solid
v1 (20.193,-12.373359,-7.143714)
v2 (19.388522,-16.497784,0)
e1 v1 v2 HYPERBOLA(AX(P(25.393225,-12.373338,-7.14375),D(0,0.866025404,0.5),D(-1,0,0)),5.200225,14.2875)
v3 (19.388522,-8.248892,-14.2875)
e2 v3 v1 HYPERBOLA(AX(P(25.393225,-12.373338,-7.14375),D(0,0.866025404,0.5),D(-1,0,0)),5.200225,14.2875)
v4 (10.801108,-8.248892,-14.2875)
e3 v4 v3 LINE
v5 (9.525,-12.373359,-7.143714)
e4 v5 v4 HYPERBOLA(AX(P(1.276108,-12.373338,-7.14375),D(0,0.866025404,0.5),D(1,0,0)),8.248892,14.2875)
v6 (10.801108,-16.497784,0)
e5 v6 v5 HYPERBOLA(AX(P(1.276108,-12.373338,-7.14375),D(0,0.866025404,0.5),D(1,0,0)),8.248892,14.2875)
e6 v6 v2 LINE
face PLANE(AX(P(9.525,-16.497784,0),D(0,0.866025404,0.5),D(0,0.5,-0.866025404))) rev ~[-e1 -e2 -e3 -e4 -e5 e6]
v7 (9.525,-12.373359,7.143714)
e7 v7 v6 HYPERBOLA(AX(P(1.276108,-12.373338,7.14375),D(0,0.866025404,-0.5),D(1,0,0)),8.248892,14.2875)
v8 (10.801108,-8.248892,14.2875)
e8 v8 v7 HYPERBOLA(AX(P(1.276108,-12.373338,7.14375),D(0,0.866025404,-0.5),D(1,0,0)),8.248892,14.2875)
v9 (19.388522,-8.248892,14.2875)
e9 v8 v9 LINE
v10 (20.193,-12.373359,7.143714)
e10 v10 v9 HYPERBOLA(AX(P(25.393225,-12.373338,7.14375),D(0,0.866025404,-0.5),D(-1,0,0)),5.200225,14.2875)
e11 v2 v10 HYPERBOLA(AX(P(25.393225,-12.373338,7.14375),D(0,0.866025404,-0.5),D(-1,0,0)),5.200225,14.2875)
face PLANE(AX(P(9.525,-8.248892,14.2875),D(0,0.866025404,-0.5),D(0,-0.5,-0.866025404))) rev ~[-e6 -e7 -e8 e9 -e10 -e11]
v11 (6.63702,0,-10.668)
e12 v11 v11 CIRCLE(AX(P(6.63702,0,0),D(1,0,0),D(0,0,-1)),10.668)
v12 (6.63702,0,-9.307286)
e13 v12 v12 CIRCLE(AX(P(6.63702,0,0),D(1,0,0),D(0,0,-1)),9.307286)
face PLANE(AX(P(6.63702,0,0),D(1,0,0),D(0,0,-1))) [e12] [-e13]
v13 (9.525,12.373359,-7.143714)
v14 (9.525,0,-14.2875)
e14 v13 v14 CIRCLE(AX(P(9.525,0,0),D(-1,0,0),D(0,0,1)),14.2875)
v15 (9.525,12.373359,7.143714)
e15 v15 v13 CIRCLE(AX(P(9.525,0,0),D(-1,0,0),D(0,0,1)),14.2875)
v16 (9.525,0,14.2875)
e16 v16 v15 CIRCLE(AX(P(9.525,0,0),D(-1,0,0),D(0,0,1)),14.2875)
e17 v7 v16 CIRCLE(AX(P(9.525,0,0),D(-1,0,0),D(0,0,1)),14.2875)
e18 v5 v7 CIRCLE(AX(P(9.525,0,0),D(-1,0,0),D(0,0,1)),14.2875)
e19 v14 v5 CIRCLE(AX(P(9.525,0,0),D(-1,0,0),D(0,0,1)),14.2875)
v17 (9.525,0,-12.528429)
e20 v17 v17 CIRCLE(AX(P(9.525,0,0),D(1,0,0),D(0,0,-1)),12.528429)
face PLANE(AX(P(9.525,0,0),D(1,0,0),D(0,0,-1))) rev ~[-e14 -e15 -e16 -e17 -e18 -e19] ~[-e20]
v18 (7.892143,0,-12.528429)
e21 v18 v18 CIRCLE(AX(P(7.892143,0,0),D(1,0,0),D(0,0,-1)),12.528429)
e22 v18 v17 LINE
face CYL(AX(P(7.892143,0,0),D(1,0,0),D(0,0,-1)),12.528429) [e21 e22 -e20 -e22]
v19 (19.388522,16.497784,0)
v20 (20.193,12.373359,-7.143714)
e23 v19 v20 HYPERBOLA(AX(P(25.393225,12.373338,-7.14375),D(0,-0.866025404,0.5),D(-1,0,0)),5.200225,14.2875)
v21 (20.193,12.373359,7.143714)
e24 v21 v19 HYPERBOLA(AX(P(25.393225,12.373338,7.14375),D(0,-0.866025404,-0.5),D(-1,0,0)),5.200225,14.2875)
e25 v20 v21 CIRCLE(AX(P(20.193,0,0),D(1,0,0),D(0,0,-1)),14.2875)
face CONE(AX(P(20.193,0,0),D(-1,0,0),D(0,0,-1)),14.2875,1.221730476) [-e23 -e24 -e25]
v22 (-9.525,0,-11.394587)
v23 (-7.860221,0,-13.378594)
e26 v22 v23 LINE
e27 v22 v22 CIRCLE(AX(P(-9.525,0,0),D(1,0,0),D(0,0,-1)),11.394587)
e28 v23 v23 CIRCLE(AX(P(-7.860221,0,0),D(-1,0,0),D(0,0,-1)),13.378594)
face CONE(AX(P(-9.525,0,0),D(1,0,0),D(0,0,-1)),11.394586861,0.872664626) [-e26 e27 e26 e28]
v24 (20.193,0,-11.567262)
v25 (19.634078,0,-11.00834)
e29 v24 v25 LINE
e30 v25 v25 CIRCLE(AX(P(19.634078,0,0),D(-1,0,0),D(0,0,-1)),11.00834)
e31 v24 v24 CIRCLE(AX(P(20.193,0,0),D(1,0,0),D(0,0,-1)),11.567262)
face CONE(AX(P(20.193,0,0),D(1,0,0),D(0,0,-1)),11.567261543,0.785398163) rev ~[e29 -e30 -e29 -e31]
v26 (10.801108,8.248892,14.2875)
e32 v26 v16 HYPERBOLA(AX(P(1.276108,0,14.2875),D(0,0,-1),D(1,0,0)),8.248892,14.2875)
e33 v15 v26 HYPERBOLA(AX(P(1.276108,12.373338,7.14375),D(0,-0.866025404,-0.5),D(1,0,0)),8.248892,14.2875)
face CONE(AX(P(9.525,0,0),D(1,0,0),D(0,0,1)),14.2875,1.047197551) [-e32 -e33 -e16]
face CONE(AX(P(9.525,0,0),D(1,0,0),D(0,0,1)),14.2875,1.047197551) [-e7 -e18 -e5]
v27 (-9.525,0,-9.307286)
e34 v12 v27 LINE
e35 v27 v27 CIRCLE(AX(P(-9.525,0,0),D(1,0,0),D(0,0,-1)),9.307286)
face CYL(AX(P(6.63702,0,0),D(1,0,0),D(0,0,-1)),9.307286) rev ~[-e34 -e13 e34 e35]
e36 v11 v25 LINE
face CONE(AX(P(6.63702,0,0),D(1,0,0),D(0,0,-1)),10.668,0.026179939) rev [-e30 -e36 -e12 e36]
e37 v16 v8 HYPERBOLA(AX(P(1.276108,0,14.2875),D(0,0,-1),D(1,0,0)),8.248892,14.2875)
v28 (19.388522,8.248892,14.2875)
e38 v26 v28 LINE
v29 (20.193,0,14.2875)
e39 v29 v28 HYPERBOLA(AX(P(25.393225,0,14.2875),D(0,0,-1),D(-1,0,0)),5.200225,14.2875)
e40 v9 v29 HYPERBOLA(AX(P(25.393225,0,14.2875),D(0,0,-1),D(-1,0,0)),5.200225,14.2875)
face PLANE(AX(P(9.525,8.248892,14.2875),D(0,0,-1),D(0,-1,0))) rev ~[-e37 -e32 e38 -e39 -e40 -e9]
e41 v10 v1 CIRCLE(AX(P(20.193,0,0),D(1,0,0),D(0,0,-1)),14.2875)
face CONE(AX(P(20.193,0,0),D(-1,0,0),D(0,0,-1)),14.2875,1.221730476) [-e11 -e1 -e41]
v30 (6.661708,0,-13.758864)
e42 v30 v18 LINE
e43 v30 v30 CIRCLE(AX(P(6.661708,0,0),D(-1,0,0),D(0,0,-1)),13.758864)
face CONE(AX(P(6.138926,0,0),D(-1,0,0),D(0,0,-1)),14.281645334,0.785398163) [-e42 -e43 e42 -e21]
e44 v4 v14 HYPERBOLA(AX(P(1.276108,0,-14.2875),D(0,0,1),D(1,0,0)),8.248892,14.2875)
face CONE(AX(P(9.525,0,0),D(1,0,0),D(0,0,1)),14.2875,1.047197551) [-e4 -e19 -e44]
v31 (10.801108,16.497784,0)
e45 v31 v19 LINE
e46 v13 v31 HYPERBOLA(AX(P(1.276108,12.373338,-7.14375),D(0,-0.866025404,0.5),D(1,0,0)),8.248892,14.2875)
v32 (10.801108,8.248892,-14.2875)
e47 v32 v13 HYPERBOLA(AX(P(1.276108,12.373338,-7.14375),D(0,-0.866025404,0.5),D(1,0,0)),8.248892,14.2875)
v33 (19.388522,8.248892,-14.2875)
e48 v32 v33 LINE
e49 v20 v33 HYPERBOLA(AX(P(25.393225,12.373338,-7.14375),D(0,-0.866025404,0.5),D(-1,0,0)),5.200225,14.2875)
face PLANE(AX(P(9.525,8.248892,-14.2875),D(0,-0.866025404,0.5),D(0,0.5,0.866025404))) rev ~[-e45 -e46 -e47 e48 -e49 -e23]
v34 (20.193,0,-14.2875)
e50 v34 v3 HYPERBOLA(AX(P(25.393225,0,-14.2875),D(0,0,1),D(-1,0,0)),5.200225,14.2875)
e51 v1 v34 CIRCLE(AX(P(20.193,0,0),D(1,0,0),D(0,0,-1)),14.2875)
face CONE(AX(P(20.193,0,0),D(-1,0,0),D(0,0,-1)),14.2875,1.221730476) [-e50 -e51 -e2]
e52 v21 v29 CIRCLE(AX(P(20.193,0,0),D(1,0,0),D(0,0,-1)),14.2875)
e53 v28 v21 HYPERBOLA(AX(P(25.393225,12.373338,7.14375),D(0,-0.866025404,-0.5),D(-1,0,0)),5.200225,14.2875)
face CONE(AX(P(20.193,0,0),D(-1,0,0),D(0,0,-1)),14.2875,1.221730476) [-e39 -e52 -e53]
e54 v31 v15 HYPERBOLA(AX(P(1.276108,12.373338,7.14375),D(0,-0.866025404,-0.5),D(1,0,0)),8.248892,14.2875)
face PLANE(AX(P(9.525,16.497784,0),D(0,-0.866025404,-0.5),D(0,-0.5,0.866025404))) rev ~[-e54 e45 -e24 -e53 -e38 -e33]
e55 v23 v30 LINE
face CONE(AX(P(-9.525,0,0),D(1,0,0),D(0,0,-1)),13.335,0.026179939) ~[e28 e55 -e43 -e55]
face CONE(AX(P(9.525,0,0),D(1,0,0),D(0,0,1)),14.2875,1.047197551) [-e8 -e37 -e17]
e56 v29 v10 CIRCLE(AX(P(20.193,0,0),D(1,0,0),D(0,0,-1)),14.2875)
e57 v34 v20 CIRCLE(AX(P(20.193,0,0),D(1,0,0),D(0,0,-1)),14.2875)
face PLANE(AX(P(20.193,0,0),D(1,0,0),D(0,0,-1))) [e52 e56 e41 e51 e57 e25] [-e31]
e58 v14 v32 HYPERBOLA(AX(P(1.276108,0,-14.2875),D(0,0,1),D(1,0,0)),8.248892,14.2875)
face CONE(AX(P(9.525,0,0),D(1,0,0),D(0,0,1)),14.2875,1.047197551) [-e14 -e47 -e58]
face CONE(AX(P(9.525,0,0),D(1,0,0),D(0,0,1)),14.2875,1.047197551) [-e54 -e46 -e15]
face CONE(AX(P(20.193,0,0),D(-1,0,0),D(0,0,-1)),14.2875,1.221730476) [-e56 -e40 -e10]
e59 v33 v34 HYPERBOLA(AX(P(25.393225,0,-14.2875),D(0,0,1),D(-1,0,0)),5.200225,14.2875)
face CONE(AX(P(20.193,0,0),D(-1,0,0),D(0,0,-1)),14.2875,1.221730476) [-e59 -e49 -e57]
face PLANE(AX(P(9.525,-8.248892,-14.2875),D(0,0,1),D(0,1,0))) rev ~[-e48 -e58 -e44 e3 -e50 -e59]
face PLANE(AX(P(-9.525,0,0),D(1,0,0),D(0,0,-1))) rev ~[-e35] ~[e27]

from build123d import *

# Parameters (mm, degrees)
SKETCH2_R          = 13.335
EXTRUDE1_DEPTH     = 19.05
EXTRUDE1_DRAFT     = -1.5
EXTRUDE2_DEPTH     = 10.668
SKETCH4_OUTSIDE_W  = 249.236
SKETCH4_OUTSIDE_H  = 253.656
SKETCH4_OUTSIDE_R  = 14.2875
CUT_EXTRUDE1_DEPTH = 37.870978496
CUT_EXTRUDE1_DRAFT = -70
SKETCH23_OUTSIDE_W = 144.954
SKETCH23_OUTSIDE_H = 149.374
SKETCH23_OUTSIDE_R = 14.2875
CUT_EXTRUDE7_DEPTH = 29.969156551
CUT_EXTRUDE7_DRAFT = -60
SKETCH15_R         = 10.668
CUT_EXTRUDE2_DEPTH = 28.15732722
CUT_EXTRUDE2_DRAFT = -1.5
SKETCH17_R         = 9.307285714
CUT_EXTRUDE3_DEPTH = 28.15732722
SKETCH18_R         = 11.567261543
CUT_EXTRUDE6_DEPTH = 6.35
CUT_EXTRUDE6_DRAFT = -45


with BuildPart() as part:
    # Sketch2 → Extrude1 (with draft: the straight prism first)
    with BuildSketch(Plane(origin=(-9.525, 0, 0), x_dir=(0, 0, -1), z_dir=(1, 0, 0))):
        Circle(SKETCH2_R)
    extrude(amount=EXTRUDE1_DEPTH)
    # Extrude1: the draft: its side faces are tilted about the plane it starts from
    extrude1_sides = [part.faces().sort_by_distance(p)[0] for p in [
        (0, 0, 13.335),
    ]]
    draft(extrude1_sides, Plane(origin=(-9.525, 0, 0), x_dir=(0, 0, -1), z_dir=(1, 0, 0)), EXTRUDE1_DRAFT)

    # Sketch8 → Cut-Revolve1 (revolve, cut)
    with BuildSketch(Plane.XY, mode=Mode.PRIVATE) as cut_revolve1_sk:
        Polygon((-9.525, 14.281645334), (-9.525, 11.394586861), (-7.1024703, 14.281645334), align=None)
        Polygon((9.525, 12.528428667), (9.525, 14.281645334), (6.13892619, 14.281645334), (7.892142857, 12.528428667), align=None)
    revolve(cut_revolve1_sk.sketch.rotate(Axis((-9.525, 0, 0), (1, 0, 0)), 270), axis=Axis((-9.525, 0, 0), (1, 0, 0)), mode=Mode.SUBTRACT)

    # Sketch3 → Extrude2 (add)
    with BuildSketch(Plane(origin=(9.525, 0, 0), x_dir=(0, 0, -1), z_dir=(1, 0, 0))):
        Polygon((14.2875, 8.248891971), (0, 16.497783942), (-14.2875, 8.248891971), (-14.2875, -8.248891971), (0, -16.497783942), (14.2875, -8.248891971), align=None)
    extrude(amount=EXTRUDE2_DEPTH)


with BuildPart() as cut_extrude1_tool:
    # Sketch4 outside → Cut-Extrude1 (with draft: the straight prism first)
    with BuildSketch(Plane(origin=(20.193, 0, 0), x_dir=(0, 0, -1), z_dir=(1, 0, 0))):
        Rectangle(SKETCH4_OUTSIDE_W, SKETCH4_OUTSIDE_H)
        Circle(SKETCH4_OUTSIDE_R, mode=Mode.SUBTRACT)
    extrude(amount=-CUT_EXTRUDE1_DEPTH)
    # Cut-Extrude1: the draft: its side faces are tilted about the plane it starts from
    cut_extrude1_sides = [cut_extrude1_tool.faces().sort_by_distance(p)[0] for p in [
        (1.257510752, -126.828, 0),
        (1.257510752, 0, -124.618),
        (1.257510752, 126.828, 0),
        (1.257510752, 0, 124.618),
        (1.257510752, 0, 14.2875),
    ]]
    draft(cut_extrude1_sides, Plane(origin=(20.193, 0, 0), x_dir=(0, 0, -1), z_dir=(1, 0, 0)), CUT_EXTRUDE1_DRAFT)


with BuildPart() as part_1:
    add(part.part)

    # Cut-Extrude1: cut by cut_extrude1_tool
    add(cut_extrude1_tool.part, mode=Mode.SUBTRACT)


with BuildPart() as cut_extrude7_tool:
    # Sketch23 outside → Cut-Extrude7 (with draft: the straight prism first)
    with BuildSketch(Plane.ZY.offset(-9.525)):
        Rectangle(SKETCH23_OUTSIDE_W, SKETCH23_OUTSIDE_H)
        Circle(SKETCH23_OUTSIDE_R, mode=Mode.SUBTRACT)
    extrude(amount=-CUT_EXTRUDE7_DEPTH)
    # Cut-Extrude7: the draft: its side faces are tilted about the plane it starts from
    cut_extrude7_sides = [cut_extrude7_tool.faces().sort_by_distance(p)[0] for p in [
        (24.509578275, -74.687, 0),
        (24.509578275, 0, 72.477),
        (24.509578275, 74.687, 0),
        (24.509578275, 0, -72.477),
        (24.509578275, 0, -14.2875),
    ]]
    draft(cut_extrude7_sides, Plane.ZY.offset(-9.525), CUT_EXTRUDE7_DRAFT)


with BuildPart() as part_2:
    add(part_1.part)

    # Cut-Extrude7: cut by cut_extrude7_tool
    add(cut_extrude7_tool.part, mode=Mode.SUBTRACT)


with BuildPart() as cut_extrude2_tool:
    # Sketch15 → Cut-Extrude2 (with draft: the straight prism first)
    with BuildSketch(Plane(origin=(6.63702, 0, 0), x_dir=(0, 0, -1), z_dir=(1, 0, 0))):
        Circle(SKETCH15_R)
    extrude(amount=CUT_EXTRUDE2_DEPTH)
    # Cut-Extrude2: the draft: its side faces are tilted about the plane it starts from
    cut_extrude2_sides = [cut_extrude2_tool.faces().sort_by_distance(p)[0] for p in [
        (20.71568361, 0, 10.668),
    ]]
    draft(cut_extrude2_sides, Plane(origin=(6.63702, 0, 0), x_dir=(0, 0, -1), z_dir=(1, 0, 0)), CUT_EXTRUDE2_DRAFT)


with BuildPart() as part_3:
    add(part_2.part)

    # Cut-Extrude2: cut by cut_extrude2_tool
    add(cut_extrude2_tool.part, mode=Mode.SUBTRACT)

    # Sketch17 → Cut-Extrude3 (cut, through all)
    with BuildSketch(Plane(origin=(6.63702, 0, 0), x_dir=(0, 0, -1), z_dir=(1, 0, 0))):
        Circle(SKETCH17_R)
    extrude(amount=-CUT_EXTRUDE3_DEPTH, mode=Mode.SUBTRACT)


with BuildPart() as cut_extrude6_tool:
    # Sketch18 → Cut-Extrude6 (with draft: the straight prism first)
    with BuildSketch(Plane(origin=(20.193, 0, 0), x_dir=(0, 0, -1), z_dir=(1, 0, 0))):
        Circle(SKETCH18_R)
    extrude(amount=-CUT_EXTRUDE6_DEPTH)
    # Cut-Extrude6: the draft: its side faces are tilted about the plane it starts from
    cut_extrude6_sides = [cut_extrude6_tool.faces().sort_by_distance(p)[0] for p in [
        (17.018, 0, 11.567261543),
    ]]
    draft(cut_extrude6_sides, Plane(origin=(20.193, 0, 0), x_dir=(0, 0, -1), z_dir=(1, 0, 0)), CUT_EXTRUDE6_DRAFT)


with BuildPart() as part_4:
    add(part_3.part)

    # Cut-Extrude6: cut by cut_extrude6_tool
    add(cut_extrude6_tool.part, mode=Mode.SUBTRACT)


solid = part_4.part
